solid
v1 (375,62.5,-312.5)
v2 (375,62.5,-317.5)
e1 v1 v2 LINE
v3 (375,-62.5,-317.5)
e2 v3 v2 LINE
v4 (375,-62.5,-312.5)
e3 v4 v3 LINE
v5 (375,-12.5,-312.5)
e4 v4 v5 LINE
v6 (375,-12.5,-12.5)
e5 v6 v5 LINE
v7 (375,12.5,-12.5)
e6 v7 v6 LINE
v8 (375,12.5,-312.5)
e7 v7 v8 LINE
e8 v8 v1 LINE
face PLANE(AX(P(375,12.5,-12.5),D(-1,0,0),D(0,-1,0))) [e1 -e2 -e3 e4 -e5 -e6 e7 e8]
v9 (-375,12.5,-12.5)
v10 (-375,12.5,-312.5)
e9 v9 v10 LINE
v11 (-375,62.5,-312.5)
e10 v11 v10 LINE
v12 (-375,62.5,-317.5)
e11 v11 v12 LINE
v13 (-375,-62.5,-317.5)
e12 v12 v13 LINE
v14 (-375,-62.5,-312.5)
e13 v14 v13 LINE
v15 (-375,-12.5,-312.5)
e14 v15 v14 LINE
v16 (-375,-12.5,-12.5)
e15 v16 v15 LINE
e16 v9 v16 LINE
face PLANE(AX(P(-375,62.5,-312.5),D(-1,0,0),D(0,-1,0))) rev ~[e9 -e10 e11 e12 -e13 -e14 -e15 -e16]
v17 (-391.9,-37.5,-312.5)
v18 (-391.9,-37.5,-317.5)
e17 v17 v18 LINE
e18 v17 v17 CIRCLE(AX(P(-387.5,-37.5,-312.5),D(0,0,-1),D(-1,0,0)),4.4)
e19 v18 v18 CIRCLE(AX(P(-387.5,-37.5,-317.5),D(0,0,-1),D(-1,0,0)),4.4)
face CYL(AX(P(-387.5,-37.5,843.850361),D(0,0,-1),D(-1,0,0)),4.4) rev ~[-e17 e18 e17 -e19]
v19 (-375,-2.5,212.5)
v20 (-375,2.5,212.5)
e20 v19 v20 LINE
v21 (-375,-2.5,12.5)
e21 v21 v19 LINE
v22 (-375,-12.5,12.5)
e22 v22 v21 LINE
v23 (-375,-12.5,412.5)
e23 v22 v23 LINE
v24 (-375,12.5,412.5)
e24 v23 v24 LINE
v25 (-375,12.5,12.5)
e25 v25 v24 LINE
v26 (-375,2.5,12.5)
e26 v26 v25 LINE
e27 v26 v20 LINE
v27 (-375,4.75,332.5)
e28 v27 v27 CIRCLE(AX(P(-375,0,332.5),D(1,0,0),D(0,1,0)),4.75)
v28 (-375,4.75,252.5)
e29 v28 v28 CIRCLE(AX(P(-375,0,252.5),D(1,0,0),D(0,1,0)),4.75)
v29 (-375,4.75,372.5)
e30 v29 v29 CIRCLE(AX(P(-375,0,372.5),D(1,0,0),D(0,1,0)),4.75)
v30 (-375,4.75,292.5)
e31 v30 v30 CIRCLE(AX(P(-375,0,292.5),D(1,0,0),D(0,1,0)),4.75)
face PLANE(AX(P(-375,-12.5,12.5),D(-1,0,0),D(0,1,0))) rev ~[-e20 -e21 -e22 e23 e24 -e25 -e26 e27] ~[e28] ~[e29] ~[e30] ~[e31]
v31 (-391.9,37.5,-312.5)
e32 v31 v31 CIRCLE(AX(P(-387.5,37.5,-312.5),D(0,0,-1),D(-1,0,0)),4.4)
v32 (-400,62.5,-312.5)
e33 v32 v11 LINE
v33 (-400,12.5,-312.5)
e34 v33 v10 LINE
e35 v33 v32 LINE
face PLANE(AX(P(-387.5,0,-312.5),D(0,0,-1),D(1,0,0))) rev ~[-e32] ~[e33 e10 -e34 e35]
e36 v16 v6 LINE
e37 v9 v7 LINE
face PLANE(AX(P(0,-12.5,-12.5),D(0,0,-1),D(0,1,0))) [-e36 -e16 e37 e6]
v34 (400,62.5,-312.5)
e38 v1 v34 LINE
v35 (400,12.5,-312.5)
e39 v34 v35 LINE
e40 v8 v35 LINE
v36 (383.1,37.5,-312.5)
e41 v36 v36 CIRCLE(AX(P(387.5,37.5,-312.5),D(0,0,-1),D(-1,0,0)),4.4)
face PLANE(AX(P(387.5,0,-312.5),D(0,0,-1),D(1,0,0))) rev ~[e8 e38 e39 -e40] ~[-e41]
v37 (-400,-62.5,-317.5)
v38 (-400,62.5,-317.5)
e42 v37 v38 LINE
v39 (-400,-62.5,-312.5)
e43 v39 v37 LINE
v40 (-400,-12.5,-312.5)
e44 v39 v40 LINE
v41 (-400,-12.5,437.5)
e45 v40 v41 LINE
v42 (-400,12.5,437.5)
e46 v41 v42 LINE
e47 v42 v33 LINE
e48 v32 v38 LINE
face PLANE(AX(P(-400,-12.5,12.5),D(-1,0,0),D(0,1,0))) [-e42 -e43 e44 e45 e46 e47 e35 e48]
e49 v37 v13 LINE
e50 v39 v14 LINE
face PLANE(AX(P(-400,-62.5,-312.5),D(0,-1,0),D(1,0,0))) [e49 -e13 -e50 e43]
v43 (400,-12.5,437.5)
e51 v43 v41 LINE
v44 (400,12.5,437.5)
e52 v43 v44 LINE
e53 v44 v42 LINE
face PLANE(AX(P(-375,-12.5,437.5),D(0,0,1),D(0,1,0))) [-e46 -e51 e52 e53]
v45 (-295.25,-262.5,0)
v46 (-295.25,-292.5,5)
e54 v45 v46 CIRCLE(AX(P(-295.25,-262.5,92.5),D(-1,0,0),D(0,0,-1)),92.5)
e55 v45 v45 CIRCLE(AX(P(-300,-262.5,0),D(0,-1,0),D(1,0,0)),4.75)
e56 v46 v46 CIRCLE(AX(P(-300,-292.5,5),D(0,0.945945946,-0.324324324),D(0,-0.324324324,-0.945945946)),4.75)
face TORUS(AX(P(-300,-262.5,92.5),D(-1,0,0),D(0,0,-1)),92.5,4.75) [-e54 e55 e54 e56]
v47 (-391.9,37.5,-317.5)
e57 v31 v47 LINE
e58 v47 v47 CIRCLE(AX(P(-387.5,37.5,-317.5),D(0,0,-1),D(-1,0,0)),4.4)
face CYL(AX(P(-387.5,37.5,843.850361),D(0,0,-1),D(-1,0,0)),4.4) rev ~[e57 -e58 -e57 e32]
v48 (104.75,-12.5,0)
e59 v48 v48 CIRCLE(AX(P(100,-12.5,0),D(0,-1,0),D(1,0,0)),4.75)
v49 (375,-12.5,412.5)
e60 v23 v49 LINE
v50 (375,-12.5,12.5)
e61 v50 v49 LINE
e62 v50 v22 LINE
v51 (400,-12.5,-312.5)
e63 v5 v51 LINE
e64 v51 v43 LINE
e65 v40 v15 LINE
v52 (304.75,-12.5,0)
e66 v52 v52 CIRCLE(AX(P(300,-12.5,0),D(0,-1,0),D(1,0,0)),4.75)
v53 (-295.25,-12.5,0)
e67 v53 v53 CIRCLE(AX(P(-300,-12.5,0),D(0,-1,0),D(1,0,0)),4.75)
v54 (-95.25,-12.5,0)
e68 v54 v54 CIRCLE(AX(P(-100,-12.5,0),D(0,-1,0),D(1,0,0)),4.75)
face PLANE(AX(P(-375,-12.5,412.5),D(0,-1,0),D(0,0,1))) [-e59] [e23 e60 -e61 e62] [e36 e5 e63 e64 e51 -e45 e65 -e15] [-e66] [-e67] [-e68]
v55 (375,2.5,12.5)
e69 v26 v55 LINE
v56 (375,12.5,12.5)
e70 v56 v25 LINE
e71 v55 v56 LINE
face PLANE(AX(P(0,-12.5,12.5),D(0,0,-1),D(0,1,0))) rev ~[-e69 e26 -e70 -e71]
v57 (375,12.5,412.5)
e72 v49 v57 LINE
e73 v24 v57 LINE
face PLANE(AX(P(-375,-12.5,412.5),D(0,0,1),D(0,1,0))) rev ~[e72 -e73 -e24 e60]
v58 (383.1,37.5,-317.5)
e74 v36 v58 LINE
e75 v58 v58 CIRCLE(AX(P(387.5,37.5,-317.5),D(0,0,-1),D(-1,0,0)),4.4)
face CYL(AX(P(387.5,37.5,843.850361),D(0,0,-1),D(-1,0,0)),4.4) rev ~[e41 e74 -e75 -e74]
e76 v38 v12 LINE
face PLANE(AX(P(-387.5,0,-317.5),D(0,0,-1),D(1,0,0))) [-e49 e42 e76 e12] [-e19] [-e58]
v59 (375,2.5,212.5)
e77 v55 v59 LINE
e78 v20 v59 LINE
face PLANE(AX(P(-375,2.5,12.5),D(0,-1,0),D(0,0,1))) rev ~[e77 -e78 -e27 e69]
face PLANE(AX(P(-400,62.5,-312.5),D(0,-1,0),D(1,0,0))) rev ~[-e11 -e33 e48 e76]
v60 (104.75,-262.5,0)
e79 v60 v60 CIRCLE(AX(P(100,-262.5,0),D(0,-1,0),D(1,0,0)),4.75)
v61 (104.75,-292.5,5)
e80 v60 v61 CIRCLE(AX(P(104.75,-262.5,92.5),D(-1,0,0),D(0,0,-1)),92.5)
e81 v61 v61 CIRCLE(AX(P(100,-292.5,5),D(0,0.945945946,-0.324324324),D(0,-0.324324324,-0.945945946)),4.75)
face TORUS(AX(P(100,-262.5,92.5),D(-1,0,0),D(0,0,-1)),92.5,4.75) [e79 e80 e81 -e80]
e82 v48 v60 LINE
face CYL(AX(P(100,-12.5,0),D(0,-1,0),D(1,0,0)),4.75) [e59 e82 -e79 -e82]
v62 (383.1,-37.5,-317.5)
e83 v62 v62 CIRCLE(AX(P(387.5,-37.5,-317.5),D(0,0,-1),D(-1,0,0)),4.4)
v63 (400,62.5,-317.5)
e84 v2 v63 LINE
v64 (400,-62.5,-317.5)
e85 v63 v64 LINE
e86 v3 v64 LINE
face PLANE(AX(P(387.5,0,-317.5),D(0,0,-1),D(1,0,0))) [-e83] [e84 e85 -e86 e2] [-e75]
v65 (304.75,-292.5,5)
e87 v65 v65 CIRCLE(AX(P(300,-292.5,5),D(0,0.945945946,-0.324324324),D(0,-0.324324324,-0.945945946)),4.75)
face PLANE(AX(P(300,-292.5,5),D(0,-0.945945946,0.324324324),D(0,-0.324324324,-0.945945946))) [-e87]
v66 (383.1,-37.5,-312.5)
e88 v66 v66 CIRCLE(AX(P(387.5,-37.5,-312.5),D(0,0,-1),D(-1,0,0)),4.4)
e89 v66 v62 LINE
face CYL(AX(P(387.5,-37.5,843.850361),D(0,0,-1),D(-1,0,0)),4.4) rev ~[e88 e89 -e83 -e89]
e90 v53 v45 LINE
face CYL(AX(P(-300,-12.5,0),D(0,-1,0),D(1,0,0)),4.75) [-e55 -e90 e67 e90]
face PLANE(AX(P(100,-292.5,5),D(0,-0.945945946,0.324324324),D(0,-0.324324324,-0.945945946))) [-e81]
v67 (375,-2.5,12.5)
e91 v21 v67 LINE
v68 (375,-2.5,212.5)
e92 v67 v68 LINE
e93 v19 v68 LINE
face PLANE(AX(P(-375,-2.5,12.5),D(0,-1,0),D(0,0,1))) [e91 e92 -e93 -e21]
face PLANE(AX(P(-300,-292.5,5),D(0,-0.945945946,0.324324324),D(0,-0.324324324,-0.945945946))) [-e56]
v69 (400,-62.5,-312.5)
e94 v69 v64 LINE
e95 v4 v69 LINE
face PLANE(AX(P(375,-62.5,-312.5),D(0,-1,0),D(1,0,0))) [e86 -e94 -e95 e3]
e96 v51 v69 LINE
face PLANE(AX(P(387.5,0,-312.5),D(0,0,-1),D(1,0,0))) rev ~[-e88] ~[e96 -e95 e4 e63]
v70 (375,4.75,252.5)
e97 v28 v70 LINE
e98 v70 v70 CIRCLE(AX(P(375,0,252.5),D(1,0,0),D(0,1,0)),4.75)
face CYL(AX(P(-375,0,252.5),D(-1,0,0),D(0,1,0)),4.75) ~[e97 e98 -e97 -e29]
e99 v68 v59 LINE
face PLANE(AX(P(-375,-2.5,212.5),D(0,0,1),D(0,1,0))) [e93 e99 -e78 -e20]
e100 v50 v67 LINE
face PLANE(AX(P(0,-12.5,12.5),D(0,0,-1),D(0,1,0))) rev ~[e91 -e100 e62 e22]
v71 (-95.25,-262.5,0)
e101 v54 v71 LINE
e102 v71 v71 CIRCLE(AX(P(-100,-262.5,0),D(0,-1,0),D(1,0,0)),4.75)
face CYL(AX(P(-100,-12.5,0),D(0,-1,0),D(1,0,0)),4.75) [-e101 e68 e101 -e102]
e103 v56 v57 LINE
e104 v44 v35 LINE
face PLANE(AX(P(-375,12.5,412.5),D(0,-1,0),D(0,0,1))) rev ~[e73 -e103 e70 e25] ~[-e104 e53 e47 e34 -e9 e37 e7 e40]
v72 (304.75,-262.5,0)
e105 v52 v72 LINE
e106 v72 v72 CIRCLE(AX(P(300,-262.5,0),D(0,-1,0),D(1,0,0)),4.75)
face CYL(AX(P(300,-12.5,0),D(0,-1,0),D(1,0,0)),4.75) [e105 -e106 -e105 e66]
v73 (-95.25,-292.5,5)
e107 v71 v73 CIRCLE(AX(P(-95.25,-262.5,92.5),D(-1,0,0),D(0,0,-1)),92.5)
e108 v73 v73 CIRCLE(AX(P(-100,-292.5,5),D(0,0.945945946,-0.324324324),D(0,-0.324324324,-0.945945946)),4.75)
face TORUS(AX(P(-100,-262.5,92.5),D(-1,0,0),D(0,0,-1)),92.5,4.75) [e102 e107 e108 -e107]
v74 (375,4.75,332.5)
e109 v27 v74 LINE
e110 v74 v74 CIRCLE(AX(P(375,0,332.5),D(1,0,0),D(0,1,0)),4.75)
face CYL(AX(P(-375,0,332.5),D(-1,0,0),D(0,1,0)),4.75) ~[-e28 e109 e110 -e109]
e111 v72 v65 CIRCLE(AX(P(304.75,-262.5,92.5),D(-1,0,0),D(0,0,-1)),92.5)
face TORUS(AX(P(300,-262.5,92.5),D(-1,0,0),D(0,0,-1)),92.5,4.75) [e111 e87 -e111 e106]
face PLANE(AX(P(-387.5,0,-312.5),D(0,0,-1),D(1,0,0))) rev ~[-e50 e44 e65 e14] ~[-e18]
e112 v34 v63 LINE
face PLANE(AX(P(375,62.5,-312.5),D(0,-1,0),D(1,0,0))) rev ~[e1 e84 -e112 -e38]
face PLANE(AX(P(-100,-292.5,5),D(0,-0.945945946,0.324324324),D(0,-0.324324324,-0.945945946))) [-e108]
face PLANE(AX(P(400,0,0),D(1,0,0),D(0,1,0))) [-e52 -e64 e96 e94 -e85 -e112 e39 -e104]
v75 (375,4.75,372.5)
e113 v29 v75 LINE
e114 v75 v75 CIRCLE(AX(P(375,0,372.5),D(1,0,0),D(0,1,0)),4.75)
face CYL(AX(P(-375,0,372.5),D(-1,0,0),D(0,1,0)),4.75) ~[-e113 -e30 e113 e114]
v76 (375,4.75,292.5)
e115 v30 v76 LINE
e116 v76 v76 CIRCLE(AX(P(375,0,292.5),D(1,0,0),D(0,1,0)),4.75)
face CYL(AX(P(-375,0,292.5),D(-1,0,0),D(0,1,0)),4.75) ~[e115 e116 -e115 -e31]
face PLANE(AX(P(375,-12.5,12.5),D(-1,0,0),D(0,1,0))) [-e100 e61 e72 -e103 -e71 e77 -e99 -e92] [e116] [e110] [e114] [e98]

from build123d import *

# Parameters (mm, degrees)
F0_W          = 25
F0_H          = 25
F1_DEPTH      = 400
F1_DEPTH_BACK = 400
F2_R          = 4.75
F5_W          = 25
F5_H          = 25
F6_DEPTH      = 300
F7_W          = 25
F7_H          = 25
F7_H_2        = 50
F8_DEPTH      = 5
F9_W          = 25
F9_H          = 25
F10_DEPTH     = 425
F11_W         = 25
F11_H         = 25
F12_DEPTH     = 750
F13_W         = 5
F13_H         = 200
F13_R         = 4.75
F14_DEPTH     = 750
F16_D         = 8.8


with BuildPart() as f1:
    # F0 (on Right) → F1 (new body, two sides)
    with BuildSketch(Plane.YZ) as f1_sk:
        Rectangle(F0_W, F0_H)
    extrude(amount=F1_DEPTH)
    extrude(f1_sk.sketch, amount=-F1_DEPTH_BACK)

    # F4: sweep along a path in F3
    with BuildLine(Plane.YZ) as f4_path:
        Line((-12.5, 0), (-262.5, 0))
        ThreePointArc((-262.5, 0), (-277.7069063257, 1.2585620455), (-292.5, 5))
    # F2 (on face) → F4 (sweep)
    with BuildSketch(Plane.XZ.offset(12.5)):
        with Locations((-100, 0)):
            Circle(F2_R)
        with Locations((100, 0)):
            Circle(F2_R)
        with Locations((-300, 0)):
            Circle(F2_R)
        with Locations((300, 0)):
            Circle(F2_R)
    sweep(path=f4_path.line)

    # F5 (on face) → F6 (join)
    with BuildSketch(Plane(origin=(0, 0, -12.5), x_dir=(1, 0, 0), z_dir=(0, 0, -1))):
        with Locations((-387.5, 0)):
            Rectangle(F5_W, F5_H)
        with Locations((387.5, 0)):
            Rectangle(F5_W, F5_H)
    extrude(amount=F6_DEPTH)

    # F7 (on face) → F8 (join)
    with BuildSketch(Plane(origin=(0, 0, -312.5), x_dir=(1, 0, 0), z_dir=(0, 0, -1))):
        with Locations((-387.5, 0)):
            Rectangle(F7_W, F7_H)
        with Locations((-387.5, -37.5)):
            Rectangle(F7_W, F7_H_2)
        with Locations((-387.5, 37.5)):
            Rectangle(F7_W, F7_H_2)
        with Locations((387.5, 0)):
            Rectangle(F7_W, F7_H)
        with Locations((387.5, 37.5)):
            Rectangle(F7_W, F7_H_2)
        with Locations((387.5, -37.5)):
            Rectangle(F7_W, F7_H_2)
    extrude(amount=F8_DEPTH)

    # F9 (on face) → F10 (join)
    with BuildSketch(Plane.XY.offset(12.5)):
        with Locations((-387.5, 0)):
            Rectangle(F9_W, F9_H)
        with Locations((387.5, 0)):
            Rectangle(F9_W, F9_H)
    extrude(amount=F10_DEPTH)

    # F11 (on face) → F12 (join, through all)
    with BuildSketch(Plane.YZ.offset(-375)):
        with Locations((0, 425)):
            Rectangle(F11_W, F11_H)
    extrude(amount=F12_DEPTH)

    # F13 (on face) → F14 (join, through all)
    with BuildSketch(Plane.YZ.offset(-375)):
        with Locations((0, 112.5)):
            Rectangle(F13_W, F13_H)
        with Locations((0, 372.5)):
            Circle(F13_R)
        with Locations((0, 332.5)):
            Circle(F13_R)
        with Locations((0, 292.5)):
            Circle(F13_R)
        with Locations((0, 252.5)):
            Circle(F13_R)
    extrude(amount=F14_DEPTH)

    # F16 (through all)
    with Locations(Plane.XY.offset(-312.5)):
        with Locations((-387.5, -37.5), (-387.5, 37.5), (387.5, -37.5), (387.5, 37.5)):
            Hole(F16_D / 2)


solid = f1.part
